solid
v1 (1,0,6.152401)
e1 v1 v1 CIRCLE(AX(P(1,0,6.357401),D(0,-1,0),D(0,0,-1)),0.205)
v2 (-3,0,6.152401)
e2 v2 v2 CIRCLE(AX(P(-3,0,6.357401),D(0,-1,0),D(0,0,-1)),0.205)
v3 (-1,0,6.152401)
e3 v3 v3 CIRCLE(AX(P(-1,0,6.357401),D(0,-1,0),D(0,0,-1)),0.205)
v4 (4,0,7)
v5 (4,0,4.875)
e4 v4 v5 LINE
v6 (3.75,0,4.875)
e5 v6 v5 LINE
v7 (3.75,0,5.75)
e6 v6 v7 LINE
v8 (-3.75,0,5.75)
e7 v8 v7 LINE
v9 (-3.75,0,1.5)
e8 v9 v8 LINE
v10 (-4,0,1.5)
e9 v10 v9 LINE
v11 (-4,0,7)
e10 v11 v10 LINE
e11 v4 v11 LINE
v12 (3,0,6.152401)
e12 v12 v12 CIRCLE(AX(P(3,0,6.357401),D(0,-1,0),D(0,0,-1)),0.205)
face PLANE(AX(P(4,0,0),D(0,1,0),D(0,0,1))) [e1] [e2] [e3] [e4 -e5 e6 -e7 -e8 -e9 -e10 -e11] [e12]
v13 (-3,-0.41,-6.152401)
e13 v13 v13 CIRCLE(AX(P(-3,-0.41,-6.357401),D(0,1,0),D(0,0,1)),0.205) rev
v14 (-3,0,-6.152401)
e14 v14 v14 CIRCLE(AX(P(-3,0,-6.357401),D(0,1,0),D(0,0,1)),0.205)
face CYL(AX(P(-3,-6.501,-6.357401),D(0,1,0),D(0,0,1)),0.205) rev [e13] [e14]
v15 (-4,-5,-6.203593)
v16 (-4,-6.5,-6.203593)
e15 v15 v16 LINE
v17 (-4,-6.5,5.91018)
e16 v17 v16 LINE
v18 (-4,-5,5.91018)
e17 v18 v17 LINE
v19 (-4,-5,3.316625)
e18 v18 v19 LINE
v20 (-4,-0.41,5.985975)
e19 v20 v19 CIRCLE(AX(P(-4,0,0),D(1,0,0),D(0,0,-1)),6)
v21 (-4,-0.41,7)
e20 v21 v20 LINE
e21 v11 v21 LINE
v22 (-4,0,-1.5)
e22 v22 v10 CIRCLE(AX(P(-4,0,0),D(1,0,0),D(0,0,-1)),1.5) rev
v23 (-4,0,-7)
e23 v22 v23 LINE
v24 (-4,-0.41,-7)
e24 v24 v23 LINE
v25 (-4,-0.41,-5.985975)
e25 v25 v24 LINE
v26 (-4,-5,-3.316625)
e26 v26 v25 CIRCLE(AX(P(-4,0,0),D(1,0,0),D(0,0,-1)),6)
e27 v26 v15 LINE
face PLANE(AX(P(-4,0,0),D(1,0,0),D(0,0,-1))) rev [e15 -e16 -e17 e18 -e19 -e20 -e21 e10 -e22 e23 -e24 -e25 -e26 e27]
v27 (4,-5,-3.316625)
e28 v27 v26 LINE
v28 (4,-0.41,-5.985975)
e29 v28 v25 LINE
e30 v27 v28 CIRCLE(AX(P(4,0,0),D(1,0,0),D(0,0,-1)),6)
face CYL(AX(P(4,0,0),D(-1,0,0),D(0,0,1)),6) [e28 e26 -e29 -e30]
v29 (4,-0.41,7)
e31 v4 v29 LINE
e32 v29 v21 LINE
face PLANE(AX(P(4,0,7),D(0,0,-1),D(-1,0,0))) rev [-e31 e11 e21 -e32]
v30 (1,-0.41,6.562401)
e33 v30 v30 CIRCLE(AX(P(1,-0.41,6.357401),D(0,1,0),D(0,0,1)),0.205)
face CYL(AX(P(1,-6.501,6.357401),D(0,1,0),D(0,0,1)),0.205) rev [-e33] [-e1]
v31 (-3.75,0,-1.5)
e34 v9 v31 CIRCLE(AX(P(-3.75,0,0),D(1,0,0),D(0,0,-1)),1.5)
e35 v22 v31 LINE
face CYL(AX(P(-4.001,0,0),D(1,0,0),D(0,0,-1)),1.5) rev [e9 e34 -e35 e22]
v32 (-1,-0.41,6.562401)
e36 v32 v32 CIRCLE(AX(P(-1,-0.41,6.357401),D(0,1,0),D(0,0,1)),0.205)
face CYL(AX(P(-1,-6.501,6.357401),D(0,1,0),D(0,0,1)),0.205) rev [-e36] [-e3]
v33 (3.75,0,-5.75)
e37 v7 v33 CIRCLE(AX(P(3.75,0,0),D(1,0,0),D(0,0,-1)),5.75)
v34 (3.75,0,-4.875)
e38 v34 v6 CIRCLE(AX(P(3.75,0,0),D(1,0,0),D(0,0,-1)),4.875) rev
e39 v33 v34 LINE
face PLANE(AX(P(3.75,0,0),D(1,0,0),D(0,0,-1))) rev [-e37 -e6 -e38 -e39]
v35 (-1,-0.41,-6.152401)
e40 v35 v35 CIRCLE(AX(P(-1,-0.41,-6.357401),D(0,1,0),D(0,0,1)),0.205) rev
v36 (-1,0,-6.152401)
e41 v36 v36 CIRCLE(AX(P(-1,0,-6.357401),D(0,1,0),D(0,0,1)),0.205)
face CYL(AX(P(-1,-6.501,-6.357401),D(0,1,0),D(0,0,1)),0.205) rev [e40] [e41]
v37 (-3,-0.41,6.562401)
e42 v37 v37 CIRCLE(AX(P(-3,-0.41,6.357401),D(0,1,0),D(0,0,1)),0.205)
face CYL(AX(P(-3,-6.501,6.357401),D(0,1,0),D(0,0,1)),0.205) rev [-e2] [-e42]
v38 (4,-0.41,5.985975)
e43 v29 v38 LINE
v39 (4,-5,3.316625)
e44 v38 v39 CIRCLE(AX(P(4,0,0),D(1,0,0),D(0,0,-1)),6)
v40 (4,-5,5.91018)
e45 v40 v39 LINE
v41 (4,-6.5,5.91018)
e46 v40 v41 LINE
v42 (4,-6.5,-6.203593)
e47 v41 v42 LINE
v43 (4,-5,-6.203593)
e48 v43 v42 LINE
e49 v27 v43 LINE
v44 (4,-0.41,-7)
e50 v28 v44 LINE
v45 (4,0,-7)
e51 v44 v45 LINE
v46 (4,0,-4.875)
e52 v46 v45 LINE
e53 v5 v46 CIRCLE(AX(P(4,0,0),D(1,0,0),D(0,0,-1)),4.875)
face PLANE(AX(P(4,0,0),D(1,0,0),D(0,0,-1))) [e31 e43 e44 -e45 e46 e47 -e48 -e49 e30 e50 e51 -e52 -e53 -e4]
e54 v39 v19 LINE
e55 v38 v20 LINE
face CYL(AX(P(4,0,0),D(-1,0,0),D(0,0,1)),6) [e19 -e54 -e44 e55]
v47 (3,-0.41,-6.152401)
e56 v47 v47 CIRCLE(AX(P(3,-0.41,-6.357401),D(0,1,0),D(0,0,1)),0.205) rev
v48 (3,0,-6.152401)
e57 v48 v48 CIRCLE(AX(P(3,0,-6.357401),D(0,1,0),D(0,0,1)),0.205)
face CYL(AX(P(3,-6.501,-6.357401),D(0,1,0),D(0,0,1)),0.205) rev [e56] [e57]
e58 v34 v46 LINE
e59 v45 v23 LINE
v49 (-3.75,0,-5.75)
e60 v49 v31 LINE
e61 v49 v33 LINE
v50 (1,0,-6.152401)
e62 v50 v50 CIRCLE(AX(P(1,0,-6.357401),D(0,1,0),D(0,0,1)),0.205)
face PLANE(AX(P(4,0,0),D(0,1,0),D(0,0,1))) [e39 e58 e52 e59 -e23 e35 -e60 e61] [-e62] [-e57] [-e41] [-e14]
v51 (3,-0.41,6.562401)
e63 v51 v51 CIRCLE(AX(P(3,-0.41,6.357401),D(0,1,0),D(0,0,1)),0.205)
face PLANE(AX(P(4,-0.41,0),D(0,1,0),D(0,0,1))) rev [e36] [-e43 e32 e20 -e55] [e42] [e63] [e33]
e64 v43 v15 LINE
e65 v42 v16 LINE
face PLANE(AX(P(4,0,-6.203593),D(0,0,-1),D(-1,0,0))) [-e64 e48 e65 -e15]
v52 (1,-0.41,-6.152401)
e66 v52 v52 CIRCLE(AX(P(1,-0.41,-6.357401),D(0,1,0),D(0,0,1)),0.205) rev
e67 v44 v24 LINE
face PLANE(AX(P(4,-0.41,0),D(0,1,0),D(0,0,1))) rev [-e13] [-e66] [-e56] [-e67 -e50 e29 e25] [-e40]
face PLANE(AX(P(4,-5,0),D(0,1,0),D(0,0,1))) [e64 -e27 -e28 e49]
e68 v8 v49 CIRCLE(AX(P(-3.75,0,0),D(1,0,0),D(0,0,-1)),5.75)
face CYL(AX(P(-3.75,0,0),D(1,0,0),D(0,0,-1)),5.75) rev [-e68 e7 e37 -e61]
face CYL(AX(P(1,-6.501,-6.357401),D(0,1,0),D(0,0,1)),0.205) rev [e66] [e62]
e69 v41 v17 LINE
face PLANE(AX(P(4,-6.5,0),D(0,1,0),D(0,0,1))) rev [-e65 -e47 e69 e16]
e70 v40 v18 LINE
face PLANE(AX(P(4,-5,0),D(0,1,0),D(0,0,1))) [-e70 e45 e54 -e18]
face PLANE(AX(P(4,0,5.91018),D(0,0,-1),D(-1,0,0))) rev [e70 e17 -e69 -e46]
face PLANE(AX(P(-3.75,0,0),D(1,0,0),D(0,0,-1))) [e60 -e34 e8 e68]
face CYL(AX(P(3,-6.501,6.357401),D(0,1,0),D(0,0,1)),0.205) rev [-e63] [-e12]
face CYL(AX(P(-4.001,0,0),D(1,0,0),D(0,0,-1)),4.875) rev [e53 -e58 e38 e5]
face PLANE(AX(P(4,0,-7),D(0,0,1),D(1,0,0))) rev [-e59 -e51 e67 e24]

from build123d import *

# Parameters (mm, degrees)
BOSS_EXTRUDE1_DEPTH = 4
CUT_EXTRUDE1_DEPTH  = 3.75
CUT_EXTRUDE2_REACH  = 14.46
CUT_EXTRUDE3_REACH  = 14.301
CUT_EXTRUDE4_REACH  = 12.356
SKETCH6_R           = 0.205


with BuildPart() as part:
    # Sketch1 → Boss-Extrude1 (new, symmetric)
    with BuildSketch(Plane(origin=(0, 0, 0), x_dir=(0, 0, -1), z_dir=(1, 0, 0))):
        with BuildLine():
            Line((-7, 0), (7, 0))
            Line((7, 0), (7, -0.41))
            Line((7, -0.41), (5.985975276, -0.41))
            ThreePointArc((5.985975276, -0.41), (5.186676874, -3.016352599), (3.31662479, -5))
            Line((3.31662479, -5), (6.203592814, -5))
            Line((6.203592814, -5), (6.203592814, -6.5))
            Line((6.203592814, -6.5), (-5.910179641, -6.5))
            Line((-5.910179641, -6.5), (-5.910179641, -5))
            Line((-5.910179641, -5), (-3.31662479, -5))
            ThreePointArc((-3.31662479, -5), (-5.186676874, -3.016352599), (-5.985975276, -0.41))
            Line((-5.985975276, -0.41), (-7, -0.41))
            Line((-7, -0.41), (-7, 0))
        make_face()
    extrude(amount=BOSS_EXTRUDE1_DEPTH, both=True)

    # Sketch2 → Cut-Extrude1 (cut, symmetric)
    with BuildSketch(Plane(origin=(0, 0, 0), x_dir=(0, 0, -1), z_dir=(1, 0, 0))):
        with BuildLine():
            Line((-5.75, 0), (5.75, 0))
            ThreePointArc((5.75, 0), (0, -5.75), (-5.75, 0))
        make_face()
    extrude(amount=CUT_EXTRUDE1_DEPTH, both=True, mode=Mode.SUBTRACT)

    # Sketch3 → Cut-Extrude2 (cut, up to next)
    with BuildSketch(Plane(origin=(4, 0, 0), x_dir=(0, 0, -1), z_dir=(1, 0, 0)), mode=Mode.PRIVATE) as cut_extrude2_sk1:
        with BuildLine():
            Line((-4.875, 0), (4.875, 0))
            ThreePointArc((4.875, 0), (0, -4.875), (-4.875, 0))
        make_face()
    cut_extrude2_tool1 = extrude(cut_extrude2_sk1.sketch, amount=-CUT_EXTRUDE2_REACH, mode=Mode.PRIVATE) & part.part
    add(cut_extrude2_tool1.solids().sort_by_distance((4, -2.069014, 0))[0], mode=Mode.SUBTRACT)

    # Sketch4 → Cut-Extrude3 (cut, up to next)
    with BuildSketch(Plane(origin=(-3.75, 0, 0), x_dir=(0, 0, -1), z_dir=(1, 0, 0)), mode=Mode.PRIVATE) as cut_extrude3_sk1:
        with BuildLine():
            Line((-1.5, 0), (1.5, 0))
            ThreePointArc((1.5, 0), (0, -1.5), (-1.5, 0))
        make_face()
    cut_extrude3_tool1 = extrude(cut_extrude3_sk1.sketch, amount=-CUT_EXTRUDE3_REACH, mode=Mode.PRIVATE) & part.part
    add(cut_extrude3_tool1.solids().sort_by_distance((-3.75, -0.63662, 0))[0], mode=Mode.SUBTRACT)

    # Sketch6 → Cut-Extrude4 (cut, up to next)
    with BuildSketch(Plane(origin=(0, 0, 0), x_dir=(1, 0, 0), z_dir=(0, 1, 0)), mode=Mode.PRIVATE) as cut_extrude4_sk1:
        with Locations(Location((3, 6.357400892, 0), (0, 0, 270))):
            Circle(SKETCH6_R)
    cut_extrude4_tool1 = extrude(cut_extrude4_sk1.sketch, amount=-CUT_EXTRUDE4_REACH, mode=Mode.PRIVATE) & part.part
    # Sketch6 → Cut-Extrude4 (cut, up to next)
    with BuildSketch(Plane(origin=(0, 0, 0), x_dir=(1, 0, 0), z_dir=(0, 1, 0)), mode=Mode.PRIVATE) as cut_extrude4_sk2:
        with Locations(Location((1, 6.357400892, 0), (0, 0, 270))):
            Circle(SKETCH6_R)
    cut_extrude4_tool2 = extrude(cut_extrude4_sk2.sketch, amount=-CUT_EXTRUDE4_REACH, mode=Mode.PRIVATE) & part.part
    # Sketch6 → Cut-Extrude4 (cut, up to next)
    with BuildSketch(Plane(origin=(0, 0, 0), x_dir=(1, 0, 0), z_dir=(0, 1, 0)), mode=Mode.PRIVATE) as cut_extrude4_sk3:
        with Locations(Location((-1, 6.357400892, 0), (0, 0, 270))):
            Circle(SKETCH6_R)
    cut_extrude4_tool3 = extrude(cut_extrude4_sk3.sketch, amount=-CUT_EXTRUDE4_REACH, mode=Mode.PRIVATE) & part.part
    # Sketch6 → Cut-Extrude4 (cut, up to next)
    with BuildSketch(Plane(origin=(0, 0, 0), x_dir=(1, 0, 0), z_dir=(0, 1, 0)), mode=Mode.PRIVATE) as cut_extrude4_sk4:
        with Locations(Location((-3, 6.357400892, 0), (0, 0, 270))):
            Circle(SKETCH6_R)
    cut_extrude4_tool4 = extrude(cut_extrude4_sk4.sketch, amount=-CUT_EXTRUDE4_REACH, mode=Mode.PRIVATE) & part.part
    cut_extrude4_1 = cut_extrude4_tool1.solids().sort_by_distance((3, 0, -6.357401))[0]
    add(cut_extrude4_1, mode=Mode.SUBTRACT)
    cut_extrude4_2 = cut_extrude4_tool2.solids().sort_by_distance((1, 0, -6.357401))[0]
    add(cut_extrude4_2, mode=Mode.SUBTRACT)
    cut_extrude4_3 = cut_extrude4_tool3.solids().sort_by_distance((-1, 0, -6.357401))[0]
    add(cut_extrude4_3, mode=Mode.SUBTRACT)
    cut_extrude4_4 = cut_extrude4_tool4.solids().sort_by_distance((-3, 0, -6.357401))[0]
    add(cut_extrude4_4, mode=Mode.SUBTRACT)
    cut_extrude4 = cut_extrude4_1 + cut_extrude4_2 + cut_extrude4_3 + cut_extrude4_4  # Cut-Extrude4 as one shape, for the pattern or mirror that repeats it

    # Mirror1: Cut-Extrude4 across plane
    add(cut_extrude4.mirror(Plane.XY), mode=Mode.SUBTRACT)


solid = part.part
